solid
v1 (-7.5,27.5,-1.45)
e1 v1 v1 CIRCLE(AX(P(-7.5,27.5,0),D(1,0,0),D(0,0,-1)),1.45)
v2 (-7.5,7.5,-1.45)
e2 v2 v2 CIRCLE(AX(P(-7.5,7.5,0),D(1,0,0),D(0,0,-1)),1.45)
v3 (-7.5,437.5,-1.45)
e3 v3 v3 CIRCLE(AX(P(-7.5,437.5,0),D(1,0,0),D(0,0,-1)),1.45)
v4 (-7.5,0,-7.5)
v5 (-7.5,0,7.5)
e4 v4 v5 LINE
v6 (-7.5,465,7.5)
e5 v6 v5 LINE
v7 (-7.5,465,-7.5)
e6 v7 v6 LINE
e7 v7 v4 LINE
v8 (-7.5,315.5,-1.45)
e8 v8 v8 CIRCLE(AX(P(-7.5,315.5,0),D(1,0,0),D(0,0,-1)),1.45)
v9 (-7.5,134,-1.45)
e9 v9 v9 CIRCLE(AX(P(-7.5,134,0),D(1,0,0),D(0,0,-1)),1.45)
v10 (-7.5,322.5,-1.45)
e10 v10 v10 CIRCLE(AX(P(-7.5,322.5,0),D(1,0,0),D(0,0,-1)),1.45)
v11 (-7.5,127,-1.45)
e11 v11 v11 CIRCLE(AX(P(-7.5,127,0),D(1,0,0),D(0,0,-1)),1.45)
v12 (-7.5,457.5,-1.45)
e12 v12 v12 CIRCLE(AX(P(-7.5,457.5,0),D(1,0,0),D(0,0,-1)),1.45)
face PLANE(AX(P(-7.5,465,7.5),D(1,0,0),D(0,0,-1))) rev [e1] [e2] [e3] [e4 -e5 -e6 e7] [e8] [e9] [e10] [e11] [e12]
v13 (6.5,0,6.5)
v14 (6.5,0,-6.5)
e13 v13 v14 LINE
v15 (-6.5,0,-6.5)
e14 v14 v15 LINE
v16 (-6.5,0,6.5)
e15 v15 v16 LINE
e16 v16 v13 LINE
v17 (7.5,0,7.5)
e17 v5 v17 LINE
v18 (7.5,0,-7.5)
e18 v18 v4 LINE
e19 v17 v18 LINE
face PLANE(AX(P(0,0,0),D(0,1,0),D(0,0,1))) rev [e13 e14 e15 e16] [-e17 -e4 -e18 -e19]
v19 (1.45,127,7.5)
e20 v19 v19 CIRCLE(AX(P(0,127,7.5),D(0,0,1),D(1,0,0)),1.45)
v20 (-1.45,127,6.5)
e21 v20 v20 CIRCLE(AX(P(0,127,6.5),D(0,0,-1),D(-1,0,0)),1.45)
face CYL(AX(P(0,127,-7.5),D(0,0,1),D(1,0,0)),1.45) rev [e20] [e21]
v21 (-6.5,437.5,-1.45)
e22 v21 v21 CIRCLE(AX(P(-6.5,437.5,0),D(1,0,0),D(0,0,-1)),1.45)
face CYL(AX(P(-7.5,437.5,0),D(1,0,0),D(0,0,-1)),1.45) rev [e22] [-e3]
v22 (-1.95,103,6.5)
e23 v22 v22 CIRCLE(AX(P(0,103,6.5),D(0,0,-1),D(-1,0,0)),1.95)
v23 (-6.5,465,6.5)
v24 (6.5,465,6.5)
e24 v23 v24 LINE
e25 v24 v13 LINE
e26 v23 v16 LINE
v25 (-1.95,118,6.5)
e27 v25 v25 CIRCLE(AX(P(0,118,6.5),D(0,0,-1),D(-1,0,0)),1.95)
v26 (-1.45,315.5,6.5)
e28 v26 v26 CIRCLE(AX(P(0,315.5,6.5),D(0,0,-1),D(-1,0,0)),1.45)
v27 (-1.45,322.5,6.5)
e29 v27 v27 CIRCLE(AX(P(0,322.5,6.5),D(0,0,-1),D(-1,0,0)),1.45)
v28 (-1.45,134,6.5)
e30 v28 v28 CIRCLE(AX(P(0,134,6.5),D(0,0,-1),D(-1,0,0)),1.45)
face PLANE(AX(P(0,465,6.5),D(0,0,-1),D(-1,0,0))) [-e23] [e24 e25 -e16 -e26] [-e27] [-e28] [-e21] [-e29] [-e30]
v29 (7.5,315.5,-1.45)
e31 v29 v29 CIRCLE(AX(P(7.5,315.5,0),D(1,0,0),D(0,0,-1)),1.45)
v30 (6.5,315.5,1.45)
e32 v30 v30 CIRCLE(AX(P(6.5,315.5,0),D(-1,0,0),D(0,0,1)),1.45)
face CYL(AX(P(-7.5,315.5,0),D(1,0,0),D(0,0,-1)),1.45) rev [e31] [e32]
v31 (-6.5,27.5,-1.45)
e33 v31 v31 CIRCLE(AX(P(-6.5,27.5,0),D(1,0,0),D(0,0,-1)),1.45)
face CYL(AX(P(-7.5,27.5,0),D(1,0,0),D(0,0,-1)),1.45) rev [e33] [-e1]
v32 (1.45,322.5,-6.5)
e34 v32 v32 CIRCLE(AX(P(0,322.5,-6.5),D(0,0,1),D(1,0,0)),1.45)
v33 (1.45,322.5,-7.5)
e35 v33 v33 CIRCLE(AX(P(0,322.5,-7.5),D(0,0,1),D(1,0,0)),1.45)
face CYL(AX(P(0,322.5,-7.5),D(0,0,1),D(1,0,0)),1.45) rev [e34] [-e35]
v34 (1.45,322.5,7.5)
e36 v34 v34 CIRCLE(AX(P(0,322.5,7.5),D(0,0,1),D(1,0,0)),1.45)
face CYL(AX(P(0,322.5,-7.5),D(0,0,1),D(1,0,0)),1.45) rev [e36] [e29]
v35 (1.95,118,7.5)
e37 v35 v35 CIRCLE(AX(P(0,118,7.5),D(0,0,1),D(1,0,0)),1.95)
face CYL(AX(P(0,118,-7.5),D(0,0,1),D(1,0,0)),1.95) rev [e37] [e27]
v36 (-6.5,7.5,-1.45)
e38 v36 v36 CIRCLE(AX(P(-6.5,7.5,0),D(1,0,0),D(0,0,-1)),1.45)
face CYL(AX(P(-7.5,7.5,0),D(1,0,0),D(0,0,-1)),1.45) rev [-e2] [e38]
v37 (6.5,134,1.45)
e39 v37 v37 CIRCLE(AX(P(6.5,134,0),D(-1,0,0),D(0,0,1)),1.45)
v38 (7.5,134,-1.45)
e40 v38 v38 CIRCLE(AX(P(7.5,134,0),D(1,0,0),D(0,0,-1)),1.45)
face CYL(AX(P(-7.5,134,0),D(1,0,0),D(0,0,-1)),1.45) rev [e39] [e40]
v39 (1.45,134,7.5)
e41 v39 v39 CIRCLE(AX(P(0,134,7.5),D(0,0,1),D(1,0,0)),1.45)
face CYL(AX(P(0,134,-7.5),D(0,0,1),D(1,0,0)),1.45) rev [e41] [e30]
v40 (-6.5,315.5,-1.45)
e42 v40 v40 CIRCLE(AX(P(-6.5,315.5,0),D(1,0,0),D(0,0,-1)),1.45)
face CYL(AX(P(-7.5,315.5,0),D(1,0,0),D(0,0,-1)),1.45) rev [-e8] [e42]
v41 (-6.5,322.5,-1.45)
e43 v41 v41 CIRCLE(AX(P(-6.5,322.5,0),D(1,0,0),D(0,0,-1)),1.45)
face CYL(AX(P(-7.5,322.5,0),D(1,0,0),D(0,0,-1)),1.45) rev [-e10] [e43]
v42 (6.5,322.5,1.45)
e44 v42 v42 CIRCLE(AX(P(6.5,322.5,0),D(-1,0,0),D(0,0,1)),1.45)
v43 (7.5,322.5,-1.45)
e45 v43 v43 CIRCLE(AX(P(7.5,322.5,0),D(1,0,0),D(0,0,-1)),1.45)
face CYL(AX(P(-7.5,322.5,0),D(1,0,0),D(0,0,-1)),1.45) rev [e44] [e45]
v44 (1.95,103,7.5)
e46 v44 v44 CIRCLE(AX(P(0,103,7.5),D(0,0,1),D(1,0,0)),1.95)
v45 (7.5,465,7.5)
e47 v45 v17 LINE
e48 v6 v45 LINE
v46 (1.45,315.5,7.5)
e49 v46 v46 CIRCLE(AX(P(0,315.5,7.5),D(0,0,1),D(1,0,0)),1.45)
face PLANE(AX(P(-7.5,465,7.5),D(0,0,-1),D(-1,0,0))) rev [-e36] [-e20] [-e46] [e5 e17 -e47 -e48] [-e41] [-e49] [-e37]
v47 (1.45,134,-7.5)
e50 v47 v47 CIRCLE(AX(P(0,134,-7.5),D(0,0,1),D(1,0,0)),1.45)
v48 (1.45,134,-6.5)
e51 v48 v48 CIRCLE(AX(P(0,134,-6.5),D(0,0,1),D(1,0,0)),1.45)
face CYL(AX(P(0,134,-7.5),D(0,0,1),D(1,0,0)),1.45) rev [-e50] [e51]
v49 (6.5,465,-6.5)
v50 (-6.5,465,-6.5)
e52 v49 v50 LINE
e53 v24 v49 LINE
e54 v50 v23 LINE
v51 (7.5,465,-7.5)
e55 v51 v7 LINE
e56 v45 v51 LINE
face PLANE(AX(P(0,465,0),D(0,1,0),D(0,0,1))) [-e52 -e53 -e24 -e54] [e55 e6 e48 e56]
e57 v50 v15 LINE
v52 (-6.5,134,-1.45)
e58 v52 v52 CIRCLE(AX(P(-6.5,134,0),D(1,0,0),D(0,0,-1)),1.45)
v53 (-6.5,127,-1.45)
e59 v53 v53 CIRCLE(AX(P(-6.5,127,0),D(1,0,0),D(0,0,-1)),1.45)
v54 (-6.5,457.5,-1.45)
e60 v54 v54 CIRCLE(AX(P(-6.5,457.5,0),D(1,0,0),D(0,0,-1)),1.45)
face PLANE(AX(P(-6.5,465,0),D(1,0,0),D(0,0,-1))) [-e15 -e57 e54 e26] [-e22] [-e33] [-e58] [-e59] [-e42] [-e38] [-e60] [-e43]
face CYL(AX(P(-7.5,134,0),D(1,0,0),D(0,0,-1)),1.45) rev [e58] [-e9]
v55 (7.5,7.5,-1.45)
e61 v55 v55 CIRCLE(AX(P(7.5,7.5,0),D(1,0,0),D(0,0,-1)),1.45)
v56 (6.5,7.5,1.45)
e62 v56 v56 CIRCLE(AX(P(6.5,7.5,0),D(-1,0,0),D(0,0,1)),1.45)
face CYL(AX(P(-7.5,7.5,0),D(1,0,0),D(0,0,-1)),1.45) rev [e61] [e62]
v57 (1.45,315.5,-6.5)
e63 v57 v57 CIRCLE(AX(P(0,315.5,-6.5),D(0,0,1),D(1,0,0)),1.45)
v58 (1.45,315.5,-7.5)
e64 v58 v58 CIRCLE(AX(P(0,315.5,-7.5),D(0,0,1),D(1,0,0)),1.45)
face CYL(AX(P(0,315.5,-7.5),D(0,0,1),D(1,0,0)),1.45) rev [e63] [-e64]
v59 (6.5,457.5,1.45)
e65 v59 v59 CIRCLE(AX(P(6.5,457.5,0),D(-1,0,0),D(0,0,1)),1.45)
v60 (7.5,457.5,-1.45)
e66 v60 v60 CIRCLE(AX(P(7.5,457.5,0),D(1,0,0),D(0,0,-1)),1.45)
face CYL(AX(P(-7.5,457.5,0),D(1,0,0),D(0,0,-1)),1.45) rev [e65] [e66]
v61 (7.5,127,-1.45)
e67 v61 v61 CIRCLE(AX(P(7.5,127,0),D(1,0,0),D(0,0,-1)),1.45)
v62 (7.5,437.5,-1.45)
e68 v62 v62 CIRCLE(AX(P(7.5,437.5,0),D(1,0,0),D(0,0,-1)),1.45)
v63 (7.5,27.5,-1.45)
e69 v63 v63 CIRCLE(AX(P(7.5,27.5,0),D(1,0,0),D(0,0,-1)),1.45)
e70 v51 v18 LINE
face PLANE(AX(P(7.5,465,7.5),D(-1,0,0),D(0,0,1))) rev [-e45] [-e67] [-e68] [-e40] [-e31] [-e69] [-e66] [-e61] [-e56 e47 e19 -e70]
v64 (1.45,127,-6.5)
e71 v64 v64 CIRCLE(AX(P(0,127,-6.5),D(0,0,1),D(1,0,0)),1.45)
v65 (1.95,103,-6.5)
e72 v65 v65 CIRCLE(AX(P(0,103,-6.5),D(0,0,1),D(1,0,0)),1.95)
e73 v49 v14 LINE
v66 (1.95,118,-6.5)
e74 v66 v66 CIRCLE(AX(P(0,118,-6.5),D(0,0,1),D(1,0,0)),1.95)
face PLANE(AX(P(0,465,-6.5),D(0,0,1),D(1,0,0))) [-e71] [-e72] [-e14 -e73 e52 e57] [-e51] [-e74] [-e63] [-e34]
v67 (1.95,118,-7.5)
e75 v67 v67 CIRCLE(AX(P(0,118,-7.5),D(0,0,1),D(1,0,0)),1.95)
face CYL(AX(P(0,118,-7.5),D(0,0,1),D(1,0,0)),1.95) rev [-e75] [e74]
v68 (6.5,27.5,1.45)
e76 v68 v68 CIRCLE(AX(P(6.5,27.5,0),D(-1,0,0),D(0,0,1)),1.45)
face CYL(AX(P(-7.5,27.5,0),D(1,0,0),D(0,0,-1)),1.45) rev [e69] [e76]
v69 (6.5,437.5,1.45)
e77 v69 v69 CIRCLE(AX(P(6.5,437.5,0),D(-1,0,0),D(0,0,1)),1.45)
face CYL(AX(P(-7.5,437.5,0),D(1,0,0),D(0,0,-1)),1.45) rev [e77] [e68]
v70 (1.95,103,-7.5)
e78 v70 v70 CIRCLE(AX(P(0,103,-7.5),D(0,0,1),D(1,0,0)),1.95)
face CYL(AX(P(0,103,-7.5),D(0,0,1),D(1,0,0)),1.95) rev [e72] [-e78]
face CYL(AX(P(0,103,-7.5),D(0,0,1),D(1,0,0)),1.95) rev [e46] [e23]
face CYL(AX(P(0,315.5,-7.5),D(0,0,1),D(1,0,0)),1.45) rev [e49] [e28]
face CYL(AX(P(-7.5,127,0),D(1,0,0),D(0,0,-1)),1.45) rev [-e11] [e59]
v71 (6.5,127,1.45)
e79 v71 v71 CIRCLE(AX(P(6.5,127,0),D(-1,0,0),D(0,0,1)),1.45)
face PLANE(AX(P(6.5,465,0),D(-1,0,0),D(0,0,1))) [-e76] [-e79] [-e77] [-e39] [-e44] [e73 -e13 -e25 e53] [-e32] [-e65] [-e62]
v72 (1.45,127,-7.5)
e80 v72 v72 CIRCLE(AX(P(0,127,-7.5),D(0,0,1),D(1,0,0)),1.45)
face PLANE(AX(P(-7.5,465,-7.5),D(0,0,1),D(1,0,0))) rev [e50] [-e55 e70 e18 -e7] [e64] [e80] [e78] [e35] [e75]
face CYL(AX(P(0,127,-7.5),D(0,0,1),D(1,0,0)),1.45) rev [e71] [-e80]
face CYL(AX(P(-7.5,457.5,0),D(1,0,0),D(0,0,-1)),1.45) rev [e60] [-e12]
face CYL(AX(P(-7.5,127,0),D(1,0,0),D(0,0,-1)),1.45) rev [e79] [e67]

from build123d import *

# Parameters (mm, degrees)
SKETCH_1_W          = 15
SKETCH_1_H          = 15
SKETCH_1_W_2        = 13
SKETCH_1_H_2        = 13
EXTRUDE_1_DEPTH     = 465
SKETCH_2_R          = 1.95
SKETCH_2_R_2        = 1.45
CUT_EXTRUDE_1_DEPTH = 466.302321077
SKETCH_3_R          = 1.45
CUT_EXTRUDE_2_DEPTH = 466.302321077


with BuildPart() as part:
    # 草图1 → 拉伸-薄壁1 (new body)
    with BuildSketch(Plane(origin=(0, 0, 0), x_dir=(1, 0, 0), z_dir=(0, 1, 0))):
        Rectangle(SKETCH_1_W, SKETCH_1_H)
        Rectangle(SKETCH_1_W_2, SKETCH_1_H_2, mode=Mode.SUBTRACT)
    extrude(amount=EXTRUDE_1_DEPTH)

    # 草图2 → 切除-拉伸1 (cut, through all)
    with BuildSketch(Plane.XY.offset(7.5)):
        with Locations((0, 118)):
            Circle(SKETCH_2_R)
        with Locations((0, 103)):
            Circle(SKETCH_2_R)
        with Locations((0, 134)):
            Circle(SKETCH_2_R_2)
        with Locations((0, 127)):
            Circle(SKETCH_2_R_2)
        with Locations((0, 322.5)):
            Circle(SKETCH_2_R_2)
        with Locations((0, 315.5)):
            Circle(SKETCH_2_R_2)
    extrude(amount=-CUT_EXTRUDE_1_DEPTH, mode=Mode.SUBTRACT)

    # 草图3 → 切除-拉伸2 (cut, through all)
    with BuildSketch(Plane(origin=(7.5, 0, 0), x_dir=(0, 0, -1), z_dir=(1, 0, 0))):
        with Locations((0, 457.5)):
            Circle(SKETCH_3_R)
        with Locations((0, 437.5)):
            Circle(SKETCH_3_R)
        with Locations((0, 134)):
            Circle(SKETCH_3_R)
        with Locations((0, 127)):
            Circle(SKETCH_3_R)
        with Locations((0, 315.5)):
            Circle(SKETCH_3_R)
        with Locations((0, 322.5)):
            Circle(SKETCH_3_R)
        with Locations((0, 7.5)):
            Circle(SKETCH_3_R)
        with Locations((0, 27.5)):
            Circle(SKETCH_3_R)
    extrude(amount=-CUT_EXTRUDE_2_DEPTH, mode=Mode.SUBTRACT)


solid = part.part
